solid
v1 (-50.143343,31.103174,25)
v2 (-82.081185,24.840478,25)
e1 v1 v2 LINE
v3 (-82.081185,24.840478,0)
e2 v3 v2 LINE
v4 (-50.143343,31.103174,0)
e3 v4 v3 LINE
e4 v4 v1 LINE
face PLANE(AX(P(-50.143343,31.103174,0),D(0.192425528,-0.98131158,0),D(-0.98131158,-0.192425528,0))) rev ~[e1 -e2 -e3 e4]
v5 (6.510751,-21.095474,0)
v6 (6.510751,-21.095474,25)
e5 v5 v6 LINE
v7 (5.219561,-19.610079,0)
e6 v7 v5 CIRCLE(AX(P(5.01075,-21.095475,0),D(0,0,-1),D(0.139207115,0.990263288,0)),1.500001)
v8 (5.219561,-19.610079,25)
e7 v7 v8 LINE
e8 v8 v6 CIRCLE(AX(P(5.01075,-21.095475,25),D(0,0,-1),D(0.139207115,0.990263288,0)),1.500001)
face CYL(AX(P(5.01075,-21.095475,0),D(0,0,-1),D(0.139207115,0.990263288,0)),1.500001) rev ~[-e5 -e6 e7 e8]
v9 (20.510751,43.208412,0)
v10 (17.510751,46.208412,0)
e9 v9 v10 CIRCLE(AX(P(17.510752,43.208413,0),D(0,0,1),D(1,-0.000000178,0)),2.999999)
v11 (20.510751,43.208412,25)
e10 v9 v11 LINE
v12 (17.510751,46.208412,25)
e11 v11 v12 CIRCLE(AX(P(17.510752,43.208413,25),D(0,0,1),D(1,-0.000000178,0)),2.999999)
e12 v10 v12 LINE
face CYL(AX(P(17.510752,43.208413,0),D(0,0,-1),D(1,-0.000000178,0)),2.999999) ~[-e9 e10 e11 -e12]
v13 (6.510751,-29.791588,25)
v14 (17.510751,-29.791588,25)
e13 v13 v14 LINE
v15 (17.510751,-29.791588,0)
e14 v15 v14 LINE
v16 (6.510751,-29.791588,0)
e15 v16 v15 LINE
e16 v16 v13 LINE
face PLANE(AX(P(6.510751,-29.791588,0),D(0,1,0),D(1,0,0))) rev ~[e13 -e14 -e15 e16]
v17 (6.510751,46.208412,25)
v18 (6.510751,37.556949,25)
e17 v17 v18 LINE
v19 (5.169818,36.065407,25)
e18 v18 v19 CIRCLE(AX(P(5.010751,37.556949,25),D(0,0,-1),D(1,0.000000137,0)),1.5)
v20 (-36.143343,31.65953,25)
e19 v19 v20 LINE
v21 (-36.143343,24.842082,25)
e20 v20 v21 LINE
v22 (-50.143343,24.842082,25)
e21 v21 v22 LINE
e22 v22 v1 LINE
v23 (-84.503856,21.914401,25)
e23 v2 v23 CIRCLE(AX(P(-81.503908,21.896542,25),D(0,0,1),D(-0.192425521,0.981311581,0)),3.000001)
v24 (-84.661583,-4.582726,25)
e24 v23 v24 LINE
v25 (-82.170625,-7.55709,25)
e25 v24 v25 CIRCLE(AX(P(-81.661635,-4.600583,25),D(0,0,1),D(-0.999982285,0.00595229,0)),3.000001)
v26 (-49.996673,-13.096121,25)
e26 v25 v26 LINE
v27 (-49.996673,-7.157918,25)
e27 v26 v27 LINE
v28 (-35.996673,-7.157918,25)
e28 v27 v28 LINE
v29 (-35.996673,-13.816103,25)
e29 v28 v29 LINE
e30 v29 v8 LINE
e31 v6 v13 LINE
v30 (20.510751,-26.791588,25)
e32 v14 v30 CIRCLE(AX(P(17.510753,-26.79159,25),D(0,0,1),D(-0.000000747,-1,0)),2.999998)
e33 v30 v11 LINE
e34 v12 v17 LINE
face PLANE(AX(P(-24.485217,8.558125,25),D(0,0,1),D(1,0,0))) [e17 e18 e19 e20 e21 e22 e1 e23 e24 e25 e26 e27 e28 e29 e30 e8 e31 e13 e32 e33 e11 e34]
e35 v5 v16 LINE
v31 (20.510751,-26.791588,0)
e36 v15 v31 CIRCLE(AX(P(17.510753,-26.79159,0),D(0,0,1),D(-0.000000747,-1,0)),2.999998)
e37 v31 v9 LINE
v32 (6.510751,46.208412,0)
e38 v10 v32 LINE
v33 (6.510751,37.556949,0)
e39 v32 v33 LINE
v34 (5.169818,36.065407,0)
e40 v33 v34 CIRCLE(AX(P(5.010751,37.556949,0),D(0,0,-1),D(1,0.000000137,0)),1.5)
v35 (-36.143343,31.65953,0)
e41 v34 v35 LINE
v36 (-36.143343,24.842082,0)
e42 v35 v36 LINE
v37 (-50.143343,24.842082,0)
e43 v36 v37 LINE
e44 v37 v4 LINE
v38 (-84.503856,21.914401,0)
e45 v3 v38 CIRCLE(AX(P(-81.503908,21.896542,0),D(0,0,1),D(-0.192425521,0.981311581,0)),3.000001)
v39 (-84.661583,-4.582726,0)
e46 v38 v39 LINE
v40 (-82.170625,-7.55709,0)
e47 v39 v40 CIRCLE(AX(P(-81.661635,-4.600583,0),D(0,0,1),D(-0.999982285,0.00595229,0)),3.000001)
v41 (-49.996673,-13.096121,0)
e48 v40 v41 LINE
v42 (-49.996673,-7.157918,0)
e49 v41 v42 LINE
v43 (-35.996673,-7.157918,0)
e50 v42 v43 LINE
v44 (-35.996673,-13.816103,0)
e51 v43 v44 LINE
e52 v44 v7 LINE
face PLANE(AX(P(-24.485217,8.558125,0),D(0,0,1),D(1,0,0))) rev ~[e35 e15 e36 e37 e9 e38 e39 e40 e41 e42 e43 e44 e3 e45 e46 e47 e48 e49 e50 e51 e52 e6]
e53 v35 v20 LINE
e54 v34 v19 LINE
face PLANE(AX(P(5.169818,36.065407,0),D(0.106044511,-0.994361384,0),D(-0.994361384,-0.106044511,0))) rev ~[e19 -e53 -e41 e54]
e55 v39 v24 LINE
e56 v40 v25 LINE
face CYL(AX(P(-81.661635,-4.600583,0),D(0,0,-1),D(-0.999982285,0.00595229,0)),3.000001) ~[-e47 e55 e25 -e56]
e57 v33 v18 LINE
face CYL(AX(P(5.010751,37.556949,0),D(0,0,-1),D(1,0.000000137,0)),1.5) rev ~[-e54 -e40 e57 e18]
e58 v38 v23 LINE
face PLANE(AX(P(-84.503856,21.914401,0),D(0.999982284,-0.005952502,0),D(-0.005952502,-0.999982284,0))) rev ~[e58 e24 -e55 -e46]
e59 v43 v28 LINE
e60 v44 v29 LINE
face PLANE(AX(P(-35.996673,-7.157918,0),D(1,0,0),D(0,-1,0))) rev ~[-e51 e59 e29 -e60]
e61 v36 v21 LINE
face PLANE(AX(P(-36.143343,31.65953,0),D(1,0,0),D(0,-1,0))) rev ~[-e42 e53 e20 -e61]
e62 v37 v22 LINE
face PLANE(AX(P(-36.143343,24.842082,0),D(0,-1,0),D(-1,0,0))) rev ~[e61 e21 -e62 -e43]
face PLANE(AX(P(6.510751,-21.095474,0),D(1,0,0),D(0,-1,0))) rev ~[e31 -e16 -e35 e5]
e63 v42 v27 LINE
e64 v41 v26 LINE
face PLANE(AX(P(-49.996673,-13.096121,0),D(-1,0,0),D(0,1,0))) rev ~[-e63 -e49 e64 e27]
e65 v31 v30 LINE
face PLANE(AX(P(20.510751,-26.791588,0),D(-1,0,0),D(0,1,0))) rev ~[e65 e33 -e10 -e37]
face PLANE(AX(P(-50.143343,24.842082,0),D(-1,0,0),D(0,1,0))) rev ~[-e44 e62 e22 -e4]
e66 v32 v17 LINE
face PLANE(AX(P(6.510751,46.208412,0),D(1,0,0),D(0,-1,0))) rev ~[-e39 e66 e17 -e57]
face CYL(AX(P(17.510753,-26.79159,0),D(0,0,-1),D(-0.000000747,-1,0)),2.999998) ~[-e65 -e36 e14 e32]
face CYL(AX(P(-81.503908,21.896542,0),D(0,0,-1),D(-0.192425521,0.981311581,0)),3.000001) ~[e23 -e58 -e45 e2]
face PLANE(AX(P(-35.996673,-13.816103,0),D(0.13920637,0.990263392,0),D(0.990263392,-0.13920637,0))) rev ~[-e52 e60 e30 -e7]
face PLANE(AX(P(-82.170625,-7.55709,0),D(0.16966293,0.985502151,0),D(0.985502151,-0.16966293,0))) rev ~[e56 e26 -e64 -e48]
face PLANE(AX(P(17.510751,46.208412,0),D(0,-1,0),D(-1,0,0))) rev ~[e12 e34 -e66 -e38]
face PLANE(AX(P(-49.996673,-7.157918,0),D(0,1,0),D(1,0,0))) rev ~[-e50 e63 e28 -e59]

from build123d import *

# Parameters (mm, degrees)
F1_DEPTH = 25
F2_DEPTH = 25


with BuildPart() as f1:
    # F0 (on Top) → F1 (new body)
    with BuildSketch(Plane.XY):
        with BuildLine():
            Line((20.510751, -26.791588), (20.510751, 43.208412))
            ThreePointArc((20.510751, 43.208412), (19.632072, 45.329732), (17.510751, 46.208412))
            Line((17.510751, 46.208412), (6.510751, 46.208412))
            Line((6.510751, 46.208412), (6.510751, 37.556949))
            ThreePointArc((6.510751, 37.556949), (6.126233, 36.554103), (5.169818, 36.065407))
            Line((5.169818, 36.065407), (-36.143343, 31.65953))
            Line((-36.143343, 31.65953), (-36.143343, 24.842082))
            Line((-36.143343, 24.842082), (-50.143343, 24.842082))
            Line((-50.143343, 24.842082), (-50.143343, 31.103174))
            Line((-50.143343, 31.103174), (-82.081185, 24.840478))
            ThreePointArc((-82.081185, 24.840478), (-83.814669, 23.809757), (-84.503856, 21.914401))
            Line((-84.503856, 21.914401), (-84.661583, -4.582726))
            ThreePointArc((-84.661583, -4.582726), (-83.961607, -6.526754), (-82.170625, -7.55709))
            Line((-82.170625, -7.55709), (-49.996673, -13.096121))
            Line((-49.996673, -13.096121), (-49.996673, -7.157918))
            Line((-49.996673, -7.157918), (-35.996673, -7.157918))
            Line((-35.996673, -7.157918), (-35.996673, -13.816103))
            Line((-35.996673, -13.816103), (5.219561, -19.610079))
            ThreePointArc((5.219561, -19.610079), (6.142832, -20.111405), (6.510751, -21.095474))
            Line((6.510751, -21.095474), (6.510751, -29.791588))
            Line((6.510751, -29.791588), (17.510751, -29.791588))
            ThreePointArc((17.510751, -29.791588), (19.632072, -28.912909), (20.510751, -26.791588))
        make_face()
    extrude(amount=F1_DEPTH)

    # F0 (on Top) → F2 (join)
    with BuildSketch(Plane.XY):
        with BuildLine():
            Line((20.510751, -26.791588), (20.510751, 43.208412))
            ThreePointArc((20.510751, 43.208412), (19.632072, 45.329732), (17.510751, 46.208412))
            Line((17.510751, 46.208412), (6.510751, 46.208412))
            Line((6.510751, 46.208412), (6.510751, 37.556949))
            ThreePointArc((6.510751, 37.556949), (6.126233, 36.554103), (5.169818, 36.065407))
            Line((5.169818, 36.065407), (-36.143343, 31.65953))
            Line((-36.143343, 31.65953), (-36.143343, 24.842082))
            Line((-36.143343, 24.842082), (-50.143343, 24.842082))
            Line((-50.143343, 24.842082), (-50.143343, 31.103174))
            Line((-50.143343, 31.103174), (-82.081185, 24.840478))
            ThreePointArc((-82.081185, 24.840478), (-83.814669, 23.809757), (-84.503856, 21.914401))
            Line((-84.503856, 21.914401), (-84.661583, -4.582726))
            ThreePointArc((-84.661583, -4.582726), (-83.961607, -6.526754), (-82.170625, -7.55709))
            Line((-82.170625, -7.55709), (-49.996673, -13.096121))
            Line((-49.996673, -13.096121), (-49.996673, -7.157918))
            Line((-49.996673, -7.157918), (-35.996673, -7.157918))
            Line((-35.996673, -7.157918), (-35.996673, -13.816103))
            Line((-35.996673, -13.816103), (5.219561, -19.610079))
            ThreePointArc((5.219561, -19.610079), (6.142832, -20.111405), (6.510751, -21.095474))
            Line((6.510751, -21.095474), (6.510751, -29.791588))
            Line((6.510751, -29.791588), (17.510751, -29.791588))
            ThreePointArc((17.510751, -29.791588), (19.632072, -28.912909), (20.510751, -26.791588))
        make_face()
    extrude(amount=F2_DEPTH)


solid = f1.part
